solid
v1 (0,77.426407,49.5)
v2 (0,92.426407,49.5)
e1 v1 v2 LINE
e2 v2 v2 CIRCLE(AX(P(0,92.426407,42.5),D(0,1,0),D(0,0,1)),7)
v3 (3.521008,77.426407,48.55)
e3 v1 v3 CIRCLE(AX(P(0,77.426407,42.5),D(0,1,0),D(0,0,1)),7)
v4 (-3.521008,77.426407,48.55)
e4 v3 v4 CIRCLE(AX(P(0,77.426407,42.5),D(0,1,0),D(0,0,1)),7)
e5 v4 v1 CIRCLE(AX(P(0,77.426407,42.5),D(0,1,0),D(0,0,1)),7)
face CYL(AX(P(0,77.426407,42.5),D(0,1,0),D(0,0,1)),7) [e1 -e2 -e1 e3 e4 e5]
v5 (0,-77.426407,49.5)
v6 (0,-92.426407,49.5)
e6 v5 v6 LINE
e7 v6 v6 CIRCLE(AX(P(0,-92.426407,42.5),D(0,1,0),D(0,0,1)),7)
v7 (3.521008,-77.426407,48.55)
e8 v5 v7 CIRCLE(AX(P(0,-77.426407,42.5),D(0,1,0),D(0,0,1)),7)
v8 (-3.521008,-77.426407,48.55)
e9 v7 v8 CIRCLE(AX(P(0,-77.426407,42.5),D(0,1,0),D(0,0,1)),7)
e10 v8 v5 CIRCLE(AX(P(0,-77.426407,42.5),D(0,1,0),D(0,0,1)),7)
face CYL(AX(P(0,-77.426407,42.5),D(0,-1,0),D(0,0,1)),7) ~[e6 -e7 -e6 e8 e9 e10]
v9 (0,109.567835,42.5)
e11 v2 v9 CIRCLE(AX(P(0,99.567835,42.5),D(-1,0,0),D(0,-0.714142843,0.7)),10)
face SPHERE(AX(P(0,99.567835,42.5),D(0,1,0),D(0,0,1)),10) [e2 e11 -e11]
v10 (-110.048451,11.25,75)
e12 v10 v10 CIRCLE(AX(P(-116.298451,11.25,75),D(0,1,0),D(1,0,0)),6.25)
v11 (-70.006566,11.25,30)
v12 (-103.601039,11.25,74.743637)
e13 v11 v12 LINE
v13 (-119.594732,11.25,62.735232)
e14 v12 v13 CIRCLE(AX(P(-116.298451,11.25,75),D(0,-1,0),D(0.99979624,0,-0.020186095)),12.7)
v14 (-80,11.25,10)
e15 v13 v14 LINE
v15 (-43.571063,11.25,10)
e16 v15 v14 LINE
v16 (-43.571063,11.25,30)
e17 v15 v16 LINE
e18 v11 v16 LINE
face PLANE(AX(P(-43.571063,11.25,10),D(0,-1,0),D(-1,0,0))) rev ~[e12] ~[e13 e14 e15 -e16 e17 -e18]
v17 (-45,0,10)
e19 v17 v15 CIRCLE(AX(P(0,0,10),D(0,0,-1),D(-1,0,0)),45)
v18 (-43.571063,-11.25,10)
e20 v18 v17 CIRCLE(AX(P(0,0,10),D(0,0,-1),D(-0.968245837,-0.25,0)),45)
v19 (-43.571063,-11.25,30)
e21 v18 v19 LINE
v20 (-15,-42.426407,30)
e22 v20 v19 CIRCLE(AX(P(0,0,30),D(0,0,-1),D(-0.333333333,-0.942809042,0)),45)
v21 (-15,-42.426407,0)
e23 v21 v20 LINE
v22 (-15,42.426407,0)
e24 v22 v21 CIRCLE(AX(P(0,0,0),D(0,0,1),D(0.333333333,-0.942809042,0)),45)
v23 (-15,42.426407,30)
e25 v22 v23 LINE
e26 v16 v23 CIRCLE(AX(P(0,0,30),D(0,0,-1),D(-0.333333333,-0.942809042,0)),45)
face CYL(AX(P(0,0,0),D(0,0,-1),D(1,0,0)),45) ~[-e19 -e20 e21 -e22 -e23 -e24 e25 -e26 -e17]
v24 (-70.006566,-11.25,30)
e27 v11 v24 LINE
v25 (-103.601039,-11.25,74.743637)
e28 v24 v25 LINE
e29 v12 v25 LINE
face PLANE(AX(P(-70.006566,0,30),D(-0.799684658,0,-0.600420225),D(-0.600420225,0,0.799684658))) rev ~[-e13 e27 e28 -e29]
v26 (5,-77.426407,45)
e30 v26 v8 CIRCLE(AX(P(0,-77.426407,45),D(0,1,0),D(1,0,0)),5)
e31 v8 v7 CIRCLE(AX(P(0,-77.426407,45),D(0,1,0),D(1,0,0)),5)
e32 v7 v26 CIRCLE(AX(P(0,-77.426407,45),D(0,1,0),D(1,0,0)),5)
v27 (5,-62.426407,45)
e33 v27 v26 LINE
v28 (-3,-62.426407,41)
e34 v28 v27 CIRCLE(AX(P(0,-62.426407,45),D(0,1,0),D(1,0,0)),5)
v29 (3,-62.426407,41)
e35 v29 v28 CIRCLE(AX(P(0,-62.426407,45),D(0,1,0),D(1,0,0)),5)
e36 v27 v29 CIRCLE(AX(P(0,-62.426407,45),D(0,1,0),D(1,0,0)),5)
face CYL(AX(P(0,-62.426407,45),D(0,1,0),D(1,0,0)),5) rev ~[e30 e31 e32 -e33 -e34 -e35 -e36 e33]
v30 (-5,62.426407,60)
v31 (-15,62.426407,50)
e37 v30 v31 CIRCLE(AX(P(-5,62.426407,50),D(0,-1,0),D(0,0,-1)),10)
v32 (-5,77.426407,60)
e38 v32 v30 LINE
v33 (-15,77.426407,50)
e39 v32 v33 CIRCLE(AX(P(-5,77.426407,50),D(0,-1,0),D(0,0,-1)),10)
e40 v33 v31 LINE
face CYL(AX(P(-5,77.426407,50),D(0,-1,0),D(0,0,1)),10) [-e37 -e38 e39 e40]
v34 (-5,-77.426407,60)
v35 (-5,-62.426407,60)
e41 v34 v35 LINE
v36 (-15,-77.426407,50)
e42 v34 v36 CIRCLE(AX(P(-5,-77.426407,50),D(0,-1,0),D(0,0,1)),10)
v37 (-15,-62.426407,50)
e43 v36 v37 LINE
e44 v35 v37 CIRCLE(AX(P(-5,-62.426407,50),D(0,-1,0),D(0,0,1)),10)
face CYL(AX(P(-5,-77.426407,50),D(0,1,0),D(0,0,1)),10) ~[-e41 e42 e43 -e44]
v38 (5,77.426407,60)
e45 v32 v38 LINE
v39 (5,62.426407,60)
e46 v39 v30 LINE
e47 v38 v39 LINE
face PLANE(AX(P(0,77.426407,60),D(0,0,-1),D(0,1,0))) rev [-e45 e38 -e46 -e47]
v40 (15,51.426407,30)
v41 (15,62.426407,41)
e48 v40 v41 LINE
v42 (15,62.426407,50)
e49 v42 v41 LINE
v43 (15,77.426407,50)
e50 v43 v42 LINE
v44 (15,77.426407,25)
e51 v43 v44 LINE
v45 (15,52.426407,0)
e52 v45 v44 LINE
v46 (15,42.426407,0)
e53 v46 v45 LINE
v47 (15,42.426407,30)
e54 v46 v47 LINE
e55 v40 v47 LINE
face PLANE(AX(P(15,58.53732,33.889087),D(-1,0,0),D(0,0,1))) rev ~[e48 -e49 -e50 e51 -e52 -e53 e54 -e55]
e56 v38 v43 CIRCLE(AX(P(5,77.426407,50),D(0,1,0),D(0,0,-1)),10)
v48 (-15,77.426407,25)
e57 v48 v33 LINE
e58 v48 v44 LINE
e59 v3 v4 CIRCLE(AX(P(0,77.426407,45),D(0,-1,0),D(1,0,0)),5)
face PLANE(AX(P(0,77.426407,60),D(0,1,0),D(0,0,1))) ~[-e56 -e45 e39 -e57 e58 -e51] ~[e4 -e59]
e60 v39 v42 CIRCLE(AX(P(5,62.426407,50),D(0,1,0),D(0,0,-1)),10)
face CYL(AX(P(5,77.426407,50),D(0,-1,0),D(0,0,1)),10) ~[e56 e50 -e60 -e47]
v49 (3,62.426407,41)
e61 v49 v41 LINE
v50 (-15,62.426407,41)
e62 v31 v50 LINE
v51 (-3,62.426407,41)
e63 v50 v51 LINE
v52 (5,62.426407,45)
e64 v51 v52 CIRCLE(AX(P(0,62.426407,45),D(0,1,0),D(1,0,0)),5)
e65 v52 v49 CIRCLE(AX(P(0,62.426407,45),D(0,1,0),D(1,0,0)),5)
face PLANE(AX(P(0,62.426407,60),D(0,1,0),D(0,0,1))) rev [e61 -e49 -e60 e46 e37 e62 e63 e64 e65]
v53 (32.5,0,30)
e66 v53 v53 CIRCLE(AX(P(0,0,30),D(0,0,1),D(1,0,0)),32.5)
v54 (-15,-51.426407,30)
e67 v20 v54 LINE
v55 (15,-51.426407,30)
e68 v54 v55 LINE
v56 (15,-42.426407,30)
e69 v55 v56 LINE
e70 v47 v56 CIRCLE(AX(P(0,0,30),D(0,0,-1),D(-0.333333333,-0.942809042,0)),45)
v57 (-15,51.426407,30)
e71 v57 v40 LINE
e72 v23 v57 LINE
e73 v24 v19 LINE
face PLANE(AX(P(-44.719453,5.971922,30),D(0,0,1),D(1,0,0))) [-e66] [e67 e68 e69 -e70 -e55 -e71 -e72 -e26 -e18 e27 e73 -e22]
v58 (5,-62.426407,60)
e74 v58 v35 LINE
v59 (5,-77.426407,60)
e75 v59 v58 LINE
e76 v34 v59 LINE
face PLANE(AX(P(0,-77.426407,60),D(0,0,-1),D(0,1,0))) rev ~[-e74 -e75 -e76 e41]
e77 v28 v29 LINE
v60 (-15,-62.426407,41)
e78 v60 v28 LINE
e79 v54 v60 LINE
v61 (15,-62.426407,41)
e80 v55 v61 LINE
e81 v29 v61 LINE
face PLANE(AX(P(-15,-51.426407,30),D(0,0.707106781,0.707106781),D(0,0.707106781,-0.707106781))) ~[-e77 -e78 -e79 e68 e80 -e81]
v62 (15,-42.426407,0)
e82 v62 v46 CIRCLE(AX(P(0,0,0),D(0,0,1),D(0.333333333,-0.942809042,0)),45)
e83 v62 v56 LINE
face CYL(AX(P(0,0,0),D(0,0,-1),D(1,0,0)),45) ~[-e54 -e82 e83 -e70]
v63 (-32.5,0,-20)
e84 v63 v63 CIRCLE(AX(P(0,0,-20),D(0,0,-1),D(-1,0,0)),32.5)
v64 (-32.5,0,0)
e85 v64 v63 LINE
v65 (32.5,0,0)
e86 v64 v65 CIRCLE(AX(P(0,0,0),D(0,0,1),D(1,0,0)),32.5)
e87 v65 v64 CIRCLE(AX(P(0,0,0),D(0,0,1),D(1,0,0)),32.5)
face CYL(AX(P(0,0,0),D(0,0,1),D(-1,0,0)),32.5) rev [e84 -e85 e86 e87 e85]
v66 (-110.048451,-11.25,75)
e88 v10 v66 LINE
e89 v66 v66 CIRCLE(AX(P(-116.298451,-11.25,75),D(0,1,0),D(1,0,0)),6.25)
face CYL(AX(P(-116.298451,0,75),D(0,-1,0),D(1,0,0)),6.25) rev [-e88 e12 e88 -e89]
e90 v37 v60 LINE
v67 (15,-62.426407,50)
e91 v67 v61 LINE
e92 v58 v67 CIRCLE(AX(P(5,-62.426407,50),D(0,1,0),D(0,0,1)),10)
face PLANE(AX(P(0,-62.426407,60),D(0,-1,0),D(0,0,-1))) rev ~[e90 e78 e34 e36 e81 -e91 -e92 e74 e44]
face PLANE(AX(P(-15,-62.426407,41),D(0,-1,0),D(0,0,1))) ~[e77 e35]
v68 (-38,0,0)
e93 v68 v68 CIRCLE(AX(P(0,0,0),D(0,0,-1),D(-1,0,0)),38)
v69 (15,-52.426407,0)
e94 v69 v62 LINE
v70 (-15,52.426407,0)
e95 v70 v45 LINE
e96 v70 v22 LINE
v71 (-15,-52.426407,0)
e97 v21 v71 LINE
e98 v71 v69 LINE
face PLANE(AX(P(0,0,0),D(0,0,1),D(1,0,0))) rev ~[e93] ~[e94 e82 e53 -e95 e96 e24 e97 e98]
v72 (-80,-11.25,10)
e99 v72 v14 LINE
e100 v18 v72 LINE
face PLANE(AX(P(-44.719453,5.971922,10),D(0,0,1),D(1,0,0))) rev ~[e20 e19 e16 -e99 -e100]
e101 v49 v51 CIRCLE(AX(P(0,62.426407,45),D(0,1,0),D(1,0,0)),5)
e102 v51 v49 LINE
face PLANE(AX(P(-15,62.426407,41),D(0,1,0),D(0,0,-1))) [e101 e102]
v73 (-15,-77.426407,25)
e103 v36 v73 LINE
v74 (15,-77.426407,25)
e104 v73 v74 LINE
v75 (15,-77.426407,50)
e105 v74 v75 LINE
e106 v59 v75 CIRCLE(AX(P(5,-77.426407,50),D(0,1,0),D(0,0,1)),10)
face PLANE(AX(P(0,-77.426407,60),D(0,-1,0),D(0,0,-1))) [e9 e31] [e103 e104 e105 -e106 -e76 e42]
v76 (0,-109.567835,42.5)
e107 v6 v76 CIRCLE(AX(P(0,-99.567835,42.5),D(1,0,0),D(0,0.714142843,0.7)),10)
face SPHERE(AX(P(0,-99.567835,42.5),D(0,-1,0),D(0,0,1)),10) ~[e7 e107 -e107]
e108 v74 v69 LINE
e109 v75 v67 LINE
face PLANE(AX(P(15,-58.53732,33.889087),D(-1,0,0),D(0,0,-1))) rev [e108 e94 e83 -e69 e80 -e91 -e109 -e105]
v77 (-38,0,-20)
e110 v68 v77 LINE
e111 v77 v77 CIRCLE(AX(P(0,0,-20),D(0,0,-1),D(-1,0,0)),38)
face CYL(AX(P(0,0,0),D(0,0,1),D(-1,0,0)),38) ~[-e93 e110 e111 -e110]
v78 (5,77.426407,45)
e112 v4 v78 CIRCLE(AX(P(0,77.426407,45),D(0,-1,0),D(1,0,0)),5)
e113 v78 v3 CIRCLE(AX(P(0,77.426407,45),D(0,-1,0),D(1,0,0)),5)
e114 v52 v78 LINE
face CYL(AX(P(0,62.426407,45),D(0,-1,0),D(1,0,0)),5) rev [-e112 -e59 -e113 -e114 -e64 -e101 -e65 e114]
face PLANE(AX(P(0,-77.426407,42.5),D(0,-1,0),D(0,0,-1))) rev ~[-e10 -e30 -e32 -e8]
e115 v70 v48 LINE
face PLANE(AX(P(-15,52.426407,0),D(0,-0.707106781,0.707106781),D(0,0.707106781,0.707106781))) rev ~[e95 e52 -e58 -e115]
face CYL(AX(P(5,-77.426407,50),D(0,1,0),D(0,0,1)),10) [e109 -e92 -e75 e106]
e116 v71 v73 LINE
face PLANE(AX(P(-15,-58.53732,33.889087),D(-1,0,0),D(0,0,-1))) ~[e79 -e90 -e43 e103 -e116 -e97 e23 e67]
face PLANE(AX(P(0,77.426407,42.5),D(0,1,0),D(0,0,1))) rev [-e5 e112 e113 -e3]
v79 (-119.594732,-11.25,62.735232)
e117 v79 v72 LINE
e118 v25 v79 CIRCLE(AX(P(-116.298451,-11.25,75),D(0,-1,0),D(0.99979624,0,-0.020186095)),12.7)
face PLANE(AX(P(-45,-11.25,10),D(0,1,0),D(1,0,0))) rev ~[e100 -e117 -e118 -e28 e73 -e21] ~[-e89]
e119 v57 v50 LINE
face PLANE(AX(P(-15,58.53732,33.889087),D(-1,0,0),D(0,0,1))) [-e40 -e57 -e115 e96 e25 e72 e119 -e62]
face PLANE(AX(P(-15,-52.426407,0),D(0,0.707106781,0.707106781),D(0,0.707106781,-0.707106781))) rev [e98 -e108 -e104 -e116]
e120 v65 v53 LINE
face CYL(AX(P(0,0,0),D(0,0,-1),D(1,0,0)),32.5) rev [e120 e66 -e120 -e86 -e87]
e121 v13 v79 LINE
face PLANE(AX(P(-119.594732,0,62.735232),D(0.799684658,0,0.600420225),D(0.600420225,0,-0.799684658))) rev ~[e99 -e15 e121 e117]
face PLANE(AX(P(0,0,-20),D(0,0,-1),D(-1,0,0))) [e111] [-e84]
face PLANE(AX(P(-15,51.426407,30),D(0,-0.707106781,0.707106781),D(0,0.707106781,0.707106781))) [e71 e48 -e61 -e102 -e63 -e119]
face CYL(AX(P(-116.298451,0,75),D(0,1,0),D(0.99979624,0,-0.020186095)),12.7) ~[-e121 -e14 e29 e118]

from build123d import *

# Parameters (mm, degrees)
CROQUIS1_R               = 45
CROQUIS1_R_2             = 32.5
SALIENTE_EXTRUIR1_DEPTH  = 30
SALIENTE_EXTRUIR2_DEPTH  = 30
CROQUIS3_W               = 60
CROQUIS3_H               = 15
SALIENTE_EXTRUIR3_DEPTH  = 15
REDONDEO1_R              = 10
REDONDEO2_R              = 15
CROQUIS4_R               = 5
CORTAR_EXTRUIR1_DEPTH    = 16
REDONDEO1_OF_SIMETR_A1_R = 10
REDONDEO2_OF_SIMETR_A1_R = 15
CROQUIS8_R               = 6.25
SALIENTE_EXTRUIR4_DEPTH  = 11.25
SALIENTE_EXTRUIR5_START  = 10
SALIENTE_EXTRUIR5_DEPTH  = 20
CORTAR_EXTRUIR2_DEPTH    = 61
CROQUIS12_R              = 38
CROQUIS12_R_2            = 32.5
SALIENTE_EXTRUIR7_DEPTH  = 20
SALIENTE_EXTRUIR9_DEPTH  = 30


with BuildPart() as part:
    # Croquis1 → Saliente-Extruir1 (new body)
    with BuildSketch(Plane.XY):
        Circle(CROQUIS1_R)
        Circle(CROQUIS1_R_2, mode=Mode.SUBTRACT)
    extrude(amount=SALIENTE_EXTRUIR1_DEPTH)

    # Croquis2 → Saliente-Extruir2 (add)
    with BuildSketch(Plane.XY):
        with BuildLine():
            Line((-15, -42.426406871), (-15, -77.426406871))
            Line((-15, -77.426406871), (15, -77.426406871))
            Line((15, -77.426406871), (15, -42.426406871))
            ThreePointArc((15, -42.426406871), (0, -45), (-15, -42.426406871))
        make_face()
    saliente_extruir2 = extrude(amount=SALIENTE_EXTRUIR2_DEPTH)

    # Croquis3 → Saliente-Extruir3 (add, symmetric)
    with BuildSketch(Plane(origin=(0, 0, 0), x_dir=(0, 0, -1), z_dir=(1, 0, 0))):
        with Locations((-30, -69.926406871)):
            Rectangle(CROQUIS3_W, CROQUIS3_H)
    saliente_extruir3 = extrude(amount=SALIENTE_EXTRUIR3_DEPTH, both=True)

    # Redondeo1
    redondeo1_edges = [part.edges().sort_by_distance(p)[0] for p in [
        (-15, -69.926406871, 60),
        (15, -69.926406871, 60),
    ]]
    fillet(redondeo1_edges, radius=REDONDEO1_R)

    # Redondeo2
    redondeo2_edges = [part.edges().sort_by_distance(p)[0] for p in [
        (0, -77.426406871, 0),
    ]]
    fillet(redondeo2_edges, radius=REDONDEO2_R)

    # Croquis4 → Cortar-Extruir1 (cut, through all)
    with BuildSketch(Plane(origin=(0, -62.426406871, 0), x_dir=(1, 0, 0), z_dir=(0, 1, 0))):
        with Locations((0, -45)):
            Circle(CROQUIS4_R)
    cortar_extruir1 = extrude(amount=-CORTAR_EXTRUIR1_DEPTH, mode=Mode.SUBTRACT)

    # Simetría1: Saliente-Extruir2, Saliente-Extruir3, Cortar-Extruir1 across plane
    add(saliente_extruir2.mirror(Plane.ZX))
    add(saliente_extruir3.mirror(Plane.ZX))
    add(cortar_extruir1.mirror(Plane.ZX), mode=Mode.SUBTRACT)

    # Redondeo1 of Simetría1
    redondeo1_of_simetr_a1_edges = [part.edges().sort_by_distance(p)[0] for p in [
        (-15, 69.926406871, 60),
        (15, 69.926406871, 60),
    ]]
    fillet(redondeo1_of_simetr_a1_edges, radius=REDONDEO1_OF_SIMETR_A1_R)

    # Redondeo2 of Simetría1
    redondeo2_of_simetr_a1_edges = [part.edges().sort_by_distance(p)[0] for p in [
        (0, 77.426406871, 0),
    ]]
    fillet(redondeo2_of_simetr_a1_edges, radius=REDONDEO2_OF_SIMETR_A1_R)



with BuildPart() as body_2:
    # Croquis8 → Saliente-Extruir4 (new body, symmetric)
    with BuildSketch(Plane(origin=(0, 0, 0), x_dir=(1, 0, 0), z_dir=(0, 1, 0))):
        with BuildLine():
            Line((-45, -30), (-70.006566453, -30))
            Line((-70.006566453, -30), (-103.60103907, -74.743636588))
            ThreePointArc((-103.60103907, -74.743636588), (-123.92378818, -85.155995163), (-119.59473224, -62.735232082))
            Line((-119.59473224, -62.735232082), (-80, -10))
            Line((-80, -10), (-45, -10))
            Line((-45, -10), (-45, -30))
        make_face()
        with Locations((-116.298451318, -75)):
            Circle(CROQUIS8_R, mode=Mode.SUBTRACT)
    extrude(amount=SALIENTE_EXTRUIR4_DEPTH, both=True)


with BuildPart() as part_1:
    add(part.part)

    add(body_2.part)  # Saliente-Extruir5 merges body 2
    # Croquis9 → Saliente-Extruir5 (add)
    with BuildSketch(Plane.XY.offset(SALIENTE_EXTRUIR5_START)):
        with BuildLine():
            Line((-43.571062645, 11.25), (-45, 11.25))
            Line((-45, 11.25), (-45, 0))
            ThreePointArc((-45, 0), (-44.641336332, 5.670193162), (-43.571062645, 11.25))
        make_face()
        with BuildLine():
            ThreePointArc((-43.571062645, -11.25), (-44.641336332, -5.670193162), (-45, 0))
            Line((-45, 0), (-45, -11.25))
            Line((-45, -11.25), (-43.571062645, -11.25))
        make_face()
    extrude(amount=SALIENTE_EXTRUIR5_DEPTH)

    # Croquis11 → Cortar-Extruir2 (cut, through all)
    with BuildSketch(Plane.ZY.offset(15)):
        with BuildLine():
            Line((0, 62.426406871), (0, 52.426406871))
            Line((0, 52.426406871), (25, 77.426406871))
            Line((25, 77.426406871), (15, 77.426406871))
            ThreePointArc((15, 77.426406871), (4.393398282, 73.033008589), (0, 62.426406871))
        make_face()
    cortar_extruir2 = extrude(amount=-CORTAR_EXTRUIR2_DEPTH, mode=Mode.SUBTRACT)

    # Simetría2: Cortar-Extruir2 across plane
    add(cortar_extruir2.mirror(Plane.ZX), mode=Mode.SUBTRACT)

    # Croquis12 → Saliente-Extruir7 (add)
    with BuildSketch(Plane(origin=(0, 0, 0), x_dir=(-1, 0, 0), z_dir=(0, 0, -1))):
        Circle(CROQUIS12_R)
        Circle(CROQUIS12_R_2, mode=Mode.SUBTRACT)
    extrude(amount=SALIENTE_EXTRUIR7_DEPTH)

    # Croquis13 → Saliente-Extruir9 (add)
    with BuildSketch(Plane.ZY.offset(15)):
        Polygon((30, 62.426406871), (30, 51.426406871), (41, 62.426406871), align=None)
    saliente_extruir9 = extrude(amount=-SALIENTE_EXTRUIR9_DEPTH)

    # Simetría3: Saliente-Extruir9 across plane
    add(saliente_extruir9.mirror(Plane.ZX))

    # Croquis14 → Revolución1 (revolve)
    with BuildSketch(Plane(origin=(0, 0, 0), x_dir=(0, 0, -1), z_dir=(1, 0, 0))):
        with BuildLine():
            Line((-49.5, 77.426406871), (-49.5, 92.426406871))
            ThreePointArc((-49.5, 92.426406871), (-51.757815193, 103.348424917), (-42.5, 109.5678353))
            Line((-42.5, 109.5678353), (-42.5, 77.426406871))
            Line((-42.5, 77.426406871), (-49.5, 77.426406871))
        make_face()
    revoluci_n1 = revolve(axis=Axis((0, 77.426406871, 42.5), (0, 1, 0)))

    # Simetría4: Revolución1 across plane
    add(revoluci_n1.mirror(Plane.ZX))


solid = part_1.part
